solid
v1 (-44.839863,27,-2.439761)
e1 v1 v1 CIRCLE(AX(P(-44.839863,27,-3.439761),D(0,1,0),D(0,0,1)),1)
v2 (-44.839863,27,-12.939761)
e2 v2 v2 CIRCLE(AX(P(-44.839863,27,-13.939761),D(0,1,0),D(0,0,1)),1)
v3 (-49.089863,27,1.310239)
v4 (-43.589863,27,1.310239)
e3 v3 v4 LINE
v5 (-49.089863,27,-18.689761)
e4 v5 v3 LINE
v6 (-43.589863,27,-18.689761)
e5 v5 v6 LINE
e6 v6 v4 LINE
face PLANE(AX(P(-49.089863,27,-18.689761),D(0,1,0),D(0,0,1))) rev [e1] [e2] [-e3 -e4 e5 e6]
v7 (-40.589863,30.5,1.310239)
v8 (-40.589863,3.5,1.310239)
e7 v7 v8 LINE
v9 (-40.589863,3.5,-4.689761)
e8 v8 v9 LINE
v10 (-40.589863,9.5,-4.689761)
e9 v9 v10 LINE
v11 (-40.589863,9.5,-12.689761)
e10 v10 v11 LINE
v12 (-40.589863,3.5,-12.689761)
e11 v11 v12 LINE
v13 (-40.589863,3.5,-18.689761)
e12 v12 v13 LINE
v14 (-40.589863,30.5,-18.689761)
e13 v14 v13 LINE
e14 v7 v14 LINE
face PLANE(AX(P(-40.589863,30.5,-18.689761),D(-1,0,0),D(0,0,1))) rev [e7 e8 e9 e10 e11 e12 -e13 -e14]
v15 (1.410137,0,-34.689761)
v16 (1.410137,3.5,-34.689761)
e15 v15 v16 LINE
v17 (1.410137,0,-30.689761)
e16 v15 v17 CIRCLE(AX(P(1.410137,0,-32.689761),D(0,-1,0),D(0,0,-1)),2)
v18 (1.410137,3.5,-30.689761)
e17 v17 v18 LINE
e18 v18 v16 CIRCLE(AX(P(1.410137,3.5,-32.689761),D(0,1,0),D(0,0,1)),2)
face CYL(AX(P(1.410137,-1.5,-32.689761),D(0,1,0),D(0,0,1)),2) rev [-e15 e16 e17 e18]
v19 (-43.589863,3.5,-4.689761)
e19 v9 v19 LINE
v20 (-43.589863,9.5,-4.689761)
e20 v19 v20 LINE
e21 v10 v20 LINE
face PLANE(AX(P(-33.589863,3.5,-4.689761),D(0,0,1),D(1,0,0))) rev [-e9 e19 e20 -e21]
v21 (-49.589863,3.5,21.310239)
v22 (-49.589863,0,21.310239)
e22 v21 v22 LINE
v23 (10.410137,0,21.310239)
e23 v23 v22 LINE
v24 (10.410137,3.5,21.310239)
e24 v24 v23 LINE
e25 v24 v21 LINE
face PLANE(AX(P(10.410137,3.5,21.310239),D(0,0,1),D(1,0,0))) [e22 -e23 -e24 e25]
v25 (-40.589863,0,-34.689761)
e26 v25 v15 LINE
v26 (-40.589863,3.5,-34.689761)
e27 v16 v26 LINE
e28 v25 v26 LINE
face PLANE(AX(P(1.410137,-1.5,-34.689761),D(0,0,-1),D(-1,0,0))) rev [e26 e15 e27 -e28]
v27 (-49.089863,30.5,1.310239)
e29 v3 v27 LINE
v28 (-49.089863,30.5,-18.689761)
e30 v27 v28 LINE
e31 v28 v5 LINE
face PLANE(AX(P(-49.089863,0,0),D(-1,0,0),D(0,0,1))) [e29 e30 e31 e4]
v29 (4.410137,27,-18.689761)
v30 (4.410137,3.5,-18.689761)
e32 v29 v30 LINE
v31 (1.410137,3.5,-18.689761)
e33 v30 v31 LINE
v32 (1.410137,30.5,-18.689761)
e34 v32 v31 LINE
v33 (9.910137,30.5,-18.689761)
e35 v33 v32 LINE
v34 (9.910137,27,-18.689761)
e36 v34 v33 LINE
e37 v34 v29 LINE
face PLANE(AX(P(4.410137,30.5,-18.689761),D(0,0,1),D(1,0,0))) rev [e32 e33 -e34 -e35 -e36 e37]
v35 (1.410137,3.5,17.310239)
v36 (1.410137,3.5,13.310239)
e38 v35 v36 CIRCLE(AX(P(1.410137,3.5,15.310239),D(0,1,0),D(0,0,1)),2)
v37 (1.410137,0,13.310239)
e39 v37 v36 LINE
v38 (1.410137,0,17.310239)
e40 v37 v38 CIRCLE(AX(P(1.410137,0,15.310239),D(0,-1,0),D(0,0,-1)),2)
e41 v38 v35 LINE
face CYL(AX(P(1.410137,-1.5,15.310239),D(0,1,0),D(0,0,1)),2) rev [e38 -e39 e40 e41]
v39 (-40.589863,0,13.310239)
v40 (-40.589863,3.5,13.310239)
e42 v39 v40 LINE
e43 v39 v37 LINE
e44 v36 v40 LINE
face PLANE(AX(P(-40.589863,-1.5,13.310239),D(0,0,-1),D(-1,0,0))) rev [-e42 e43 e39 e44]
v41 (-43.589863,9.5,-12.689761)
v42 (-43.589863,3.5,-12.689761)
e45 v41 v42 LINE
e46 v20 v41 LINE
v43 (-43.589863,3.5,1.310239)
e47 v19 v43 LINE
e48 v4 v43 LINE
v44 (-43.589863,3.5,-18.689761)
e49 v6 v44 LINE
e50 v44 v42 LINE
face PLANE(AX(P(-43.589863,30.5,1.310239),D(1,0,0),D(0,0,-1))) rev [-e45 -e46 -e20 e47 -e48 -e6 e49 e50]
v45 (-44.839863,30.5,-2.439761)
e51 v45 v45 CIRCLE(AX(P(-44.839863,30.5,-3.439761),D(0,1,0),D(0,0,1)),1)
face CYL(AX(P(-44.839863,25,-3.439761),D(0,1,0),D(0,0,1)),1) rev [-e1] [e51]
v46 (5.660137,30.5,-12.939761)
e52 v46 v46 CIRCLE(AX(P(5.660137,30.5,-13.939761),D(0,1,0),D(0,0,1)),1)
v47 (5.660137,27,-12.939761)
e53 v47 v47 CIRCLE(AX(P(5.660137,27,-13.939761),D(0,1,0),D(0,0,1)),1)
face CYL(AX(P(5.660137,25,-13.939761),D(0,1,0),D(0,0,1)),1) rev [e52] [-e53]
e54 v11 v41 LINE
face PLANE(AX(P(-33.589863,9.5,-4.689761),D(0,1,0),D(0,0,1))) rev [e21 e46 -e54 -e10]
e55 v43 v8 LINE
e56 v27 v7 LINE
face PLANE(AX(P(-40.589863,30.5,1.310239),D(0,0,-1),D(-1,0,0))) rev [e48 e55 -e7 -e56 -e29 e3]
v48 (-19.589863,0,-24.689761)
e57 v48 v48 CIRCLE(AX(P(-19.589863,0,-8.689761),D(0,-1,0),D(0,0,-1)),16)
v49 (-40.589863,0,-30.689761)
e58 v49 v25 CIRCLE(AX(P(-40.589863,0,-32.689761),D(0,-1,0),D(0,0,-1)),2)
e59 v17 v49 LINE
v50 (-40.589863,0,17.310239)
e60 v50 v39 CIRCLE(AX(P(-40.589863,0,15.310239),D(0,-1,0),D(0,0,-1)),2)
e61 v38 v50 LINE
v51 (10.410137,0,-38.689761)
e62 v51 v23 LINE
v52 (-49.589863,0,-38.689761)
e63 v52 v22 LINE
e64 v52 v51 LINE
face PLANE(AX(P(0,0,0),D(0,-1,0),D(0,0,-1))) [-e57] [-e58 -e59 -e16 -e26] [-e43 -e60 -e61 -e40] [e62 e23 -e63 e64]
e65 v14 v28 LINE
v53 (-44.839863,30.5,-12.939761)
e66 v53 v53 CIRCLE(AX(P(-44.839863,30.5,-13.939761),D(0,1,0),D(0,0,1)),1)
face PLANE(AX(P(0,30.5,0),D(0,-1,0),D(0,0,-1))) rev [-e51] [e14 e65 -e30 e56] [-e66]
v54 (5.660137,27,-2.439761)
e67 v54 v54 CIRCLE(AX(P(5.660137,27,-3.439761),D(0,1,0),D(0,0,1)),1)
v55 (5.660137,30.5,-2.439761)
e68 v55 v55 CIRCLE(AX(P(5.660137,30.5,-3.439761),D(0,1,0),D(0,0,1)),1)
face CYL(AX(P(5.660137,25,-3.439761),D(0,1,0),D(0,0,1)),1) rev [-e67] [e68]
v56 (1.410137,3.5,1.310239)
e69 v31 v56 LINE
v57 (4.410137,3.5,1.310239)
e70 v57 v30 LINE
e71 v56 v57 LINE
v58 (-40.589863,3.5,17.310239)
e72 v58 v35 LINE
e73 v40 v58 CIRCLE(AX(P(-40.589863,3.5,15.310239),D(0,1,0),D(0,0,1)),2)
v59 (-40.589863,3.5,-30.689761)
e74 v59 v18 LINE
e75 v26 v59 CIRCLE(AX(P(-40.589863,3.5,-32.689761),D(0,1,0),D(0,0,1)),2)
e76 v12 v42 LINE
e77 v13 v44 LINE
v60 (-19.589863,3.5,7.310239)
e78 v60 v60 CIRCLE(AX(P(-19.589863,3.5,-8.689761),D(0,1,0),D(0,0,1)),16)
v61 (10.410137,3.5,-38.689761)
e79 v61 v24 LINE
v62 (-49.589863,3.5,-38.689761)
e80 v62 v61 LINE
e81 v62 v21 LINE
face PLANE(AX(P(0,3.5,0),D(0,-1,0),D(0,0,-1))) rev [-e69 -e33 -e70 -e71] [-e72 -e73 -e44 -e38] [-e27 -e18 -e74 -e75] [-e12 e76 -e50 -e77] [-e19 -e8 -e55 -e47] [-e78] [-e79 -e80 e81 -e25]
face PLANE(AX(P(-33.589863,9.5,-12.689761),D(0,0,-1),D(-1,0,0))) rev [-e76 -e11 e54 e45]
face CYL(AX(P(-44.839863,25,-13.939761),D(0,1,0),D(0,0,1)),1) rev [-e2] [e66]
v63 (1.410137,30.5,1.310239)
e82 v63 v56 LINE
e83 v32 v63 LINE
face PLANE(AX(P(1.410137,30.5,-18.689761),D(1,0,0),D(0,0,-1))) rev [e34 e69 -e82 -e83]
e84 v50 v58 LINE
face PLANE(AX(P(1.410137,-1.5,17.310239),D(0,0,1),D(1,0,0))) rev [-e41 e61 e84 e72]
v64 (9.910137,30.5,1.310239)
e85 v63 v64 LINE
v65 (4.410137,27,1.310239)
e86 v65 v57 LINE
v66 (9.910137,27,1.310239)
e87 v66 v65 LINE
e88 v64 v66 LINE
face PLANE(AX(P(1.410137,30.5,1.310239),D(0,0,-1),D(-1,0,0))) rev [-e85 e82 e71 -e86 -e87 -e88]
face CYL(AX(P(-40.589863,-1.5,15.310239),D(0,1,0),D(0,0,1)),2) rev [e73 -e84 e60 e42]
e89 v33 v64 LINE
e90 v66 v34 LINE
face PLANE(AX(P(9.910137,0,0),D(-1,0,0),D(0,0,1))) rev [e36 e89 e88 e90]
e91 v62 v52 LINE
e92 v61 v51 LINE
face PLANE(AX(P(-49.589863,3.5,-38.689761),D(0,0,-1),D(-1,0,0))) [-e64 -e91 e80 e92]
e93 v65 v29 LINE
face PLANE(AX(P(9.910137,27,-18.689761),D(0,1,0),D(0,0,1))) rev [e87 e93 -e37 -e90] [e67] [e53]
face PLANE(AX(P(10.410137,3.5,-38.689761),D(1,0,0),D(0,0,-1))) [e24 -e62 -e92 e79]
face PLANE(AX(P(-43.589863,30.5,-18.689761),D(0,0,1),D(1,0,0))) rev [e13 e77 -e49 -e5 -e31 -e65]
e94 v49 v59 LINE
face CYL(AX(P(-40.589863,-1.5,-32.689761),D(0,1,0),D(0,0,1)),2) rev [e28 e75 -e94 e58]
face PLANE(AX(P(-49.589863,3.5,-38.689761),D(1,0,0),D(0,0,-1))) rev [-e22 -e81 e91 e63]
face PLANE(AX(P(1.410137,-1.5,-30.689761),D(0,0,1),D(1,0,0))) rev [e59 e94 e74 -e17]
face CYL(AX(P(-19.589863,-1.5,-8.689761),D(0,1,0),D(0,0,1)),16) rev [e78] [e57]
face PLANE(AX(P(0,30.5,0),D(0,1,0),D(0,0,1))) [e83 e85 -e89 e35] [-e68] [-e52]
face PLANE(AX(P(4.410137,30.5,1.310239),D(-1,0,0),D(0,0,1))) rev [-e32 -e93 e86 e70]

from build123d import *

# Parameters (mm, degrees)
CROQUIS1_W              = 60
CROQUIS1_H              = 60
SALIENTE_EXTRUIR1_DEPTH = 3.5
CROQUIS2_W              = 3
CROQUIS2_H              = 20
SALIENTE_EXTRUIR4_DEPTH = 27
CROQUIS7_R              = 16
CORTAR_EXTRUIR2_DEPTH   = 5
CORTAR_EXTRUIR3_DEPTH   = 5
CROQUIS9_W              = 20
CROQUIS9_H              = 3.5
SALIENTE_EXTRUIR5_DEPTH = 5.5
CROQUIS10_W             = 20
CROQUIS10_H             = 3.5
SALIENTE_EXTRUIR6_DEPTH = 5.5
CROQUIS11_R             = 1
CORTAR_EXTRUIR4_DEPTH   = 5.5
CROQUIS13_R             = 1
CORTAR_EXTRUIR5_DEPTH   = 5.5
CROQUIS14_W             = 8
CROQUIS14_H             = 6
CORTAR_EXTRUIR6_DEPTH   = 10


with BuildPart() as part:
    # Croquis1 → Saliente-Extruir1 (new body)
    with BuildSketch(Plane(origin=(0, 0, 0), x_dir=(1, 0, 0), z_dir=(0, 1, 0))):
        with Locations((-19.589863428, 8.689761392)):
            Rectangle(CROQUIS1_W, CROQUIS1_H)
    extrude(amount=SALIENTE_EXTRUIR1_DEPTH)

    # Croquis2 → Saliente-Extruir4 (add)
    with BuildSketch(Plane(origin=(0, 3.5, 0), x_dir=(1, 0, 0), z_dir=(0, 1, 0))):
        with Locations((2.910136572, 8.689761392)):
            Rectangle(CROQUIS2_W, CROQUIS2_H)
        with Locations((-42.089863428, 8.689761392)):
            Rectangle(CROQUIS2_W, CROQUIS2_H)
    extrude(amount=SALIENTE_EXTRUIR4_DEPTH)

    # Croquis7 → Cortar-Extruir2 (cut)
    with BuildSketch(Plane(origin=(0, 3.5, 0), x_dir=(1, 0, 0), z_dir=(0, 1, 0))):
        with Locations(Location((-19.589863428, 8.689761392, 0), (0, 0, 270))):
            Circle(CROQUIS7_R)
    extrude(amount=-CORTAR_EXTRUIR2_DEPTH, mode=Mode.SUBTRACT)

    # Croquis8 → Cortar-Extruir3 (cut)
    with BuildSketch(Plane(origin=(0, 3.5, 0), x_dir=(1, 0, 0), z_dir=(0, 1, 0))):
        with BuildLine():
            Line((1.410136572, -17.310238608), (-40.589863428, -17.310238608))
            ThreePointArc((-40.589863428, -17.310238608), (-42.589863428, -15.310238608), (-40.589863428, -13.310238608))
            Line((-40.589863428, -13.310238608), (1.410136572, -13.310238608))
            ThreePointArc((1.410136572, -13.310238608), (3.410136572, -15.310238608), (1.410136572, -17.310238608))
        make_face()
        with BuildLine():
            Line((1.410136572, 30.689761392), (-40.589863428, 30.689761392))
            ThreePointArc((-40.589863428, 30.689761392), (-42.589863428, 32.689761392), (-40.589863428, 34.689761392))
            Line((-40.589863428, 34.689761392), (1.410136572, 34.689761392))
            ThreePointArc((1.410136572, 34.689761392), (3.410136572, 32.689761392), (1.410136572, 30.689761392))
        make_face()
    extrude(amount=-CORTAR_EXTRUIR3_DEPTH, mode=Mode.SUBTRACT)

    # Croquis9 → Saliente-Extruir5 (add)
    with BuildSketch(Plane(origin=(4.410136572, 0, 0), x_dir=(0, 0, -1), z_dir=(1, 0, 0))):
        with Locations((8.689761392, 28.75)):
            Rectangle(CROQUIS9_W, CROQUIS9_H)
    extrude(amount=SALIENTE_EXTRUIR5_DEPTH)

    # Croquis10 → Saliente-Extruir6 (add)
    with BuildSketch(Plane.ZY.offset(43.589863428)):
        with Locations((-8.689761392, 28.75)):
            Rectangle(CROQUIS10_W, CROQUIS10_H)
    extrude(amount=SALIENTE_EXTRUIR6_DEPTH)

    # Croquis11 → Cortar-Extruir4 (cut)
    with BuildSketch(Plane(origin=(0, 30.5, 0), x_dir=(1, 0, 0), z_dir=(0, 1, 0))):
        with Locations(Location((-44.839863428, 3.439761392, 0), (0, 0, 270))):
            Circle(CROQUIS11_R)
        with Locations(Location((-44.839863428, 13.939761392, 0), (0, 0, 270))):
            Circle(CROQUIS11_R)
    extrude(amount=-CORTAR_EXTRUIR4_DEPTH, mode=Mode.SUBTRACT)

    # Croquis13 → Cortar-Extruir5 (cut)
    with BuildSketch(Plane(origin=(0, 30.5, 0), x_dir=(1, 0, 0), z_dir=(0, 1, 0))):
        with Locations(Location((5.660136572, 3.439761392, 0), (0, 0, 270))):
            Circle(CROQUIS13_R)
        with Locations(Location((5.660136572, 13.939761392, 0), (0, 0, 270))):
            Circle(CROQUIS13_R)
    extrude(amount=-CORTAR_EXTRUIR5_DEPTH, mode=Mode.SUBTRACT)

    # Croquis14 → Cortar-Extruir6 (cut)
    with BuildSketch(Plane.ZY.offset(43.589863428)):
        with Locations((-8.689761392, 6.5)):
            Rectangle(CROQUIS14_W, CROQUIS14_H)
    extrude(amount=-CORTAR_EXTRUIR6_DEPTH, mode=Mode.SUBTRACT)


solid = part.part
